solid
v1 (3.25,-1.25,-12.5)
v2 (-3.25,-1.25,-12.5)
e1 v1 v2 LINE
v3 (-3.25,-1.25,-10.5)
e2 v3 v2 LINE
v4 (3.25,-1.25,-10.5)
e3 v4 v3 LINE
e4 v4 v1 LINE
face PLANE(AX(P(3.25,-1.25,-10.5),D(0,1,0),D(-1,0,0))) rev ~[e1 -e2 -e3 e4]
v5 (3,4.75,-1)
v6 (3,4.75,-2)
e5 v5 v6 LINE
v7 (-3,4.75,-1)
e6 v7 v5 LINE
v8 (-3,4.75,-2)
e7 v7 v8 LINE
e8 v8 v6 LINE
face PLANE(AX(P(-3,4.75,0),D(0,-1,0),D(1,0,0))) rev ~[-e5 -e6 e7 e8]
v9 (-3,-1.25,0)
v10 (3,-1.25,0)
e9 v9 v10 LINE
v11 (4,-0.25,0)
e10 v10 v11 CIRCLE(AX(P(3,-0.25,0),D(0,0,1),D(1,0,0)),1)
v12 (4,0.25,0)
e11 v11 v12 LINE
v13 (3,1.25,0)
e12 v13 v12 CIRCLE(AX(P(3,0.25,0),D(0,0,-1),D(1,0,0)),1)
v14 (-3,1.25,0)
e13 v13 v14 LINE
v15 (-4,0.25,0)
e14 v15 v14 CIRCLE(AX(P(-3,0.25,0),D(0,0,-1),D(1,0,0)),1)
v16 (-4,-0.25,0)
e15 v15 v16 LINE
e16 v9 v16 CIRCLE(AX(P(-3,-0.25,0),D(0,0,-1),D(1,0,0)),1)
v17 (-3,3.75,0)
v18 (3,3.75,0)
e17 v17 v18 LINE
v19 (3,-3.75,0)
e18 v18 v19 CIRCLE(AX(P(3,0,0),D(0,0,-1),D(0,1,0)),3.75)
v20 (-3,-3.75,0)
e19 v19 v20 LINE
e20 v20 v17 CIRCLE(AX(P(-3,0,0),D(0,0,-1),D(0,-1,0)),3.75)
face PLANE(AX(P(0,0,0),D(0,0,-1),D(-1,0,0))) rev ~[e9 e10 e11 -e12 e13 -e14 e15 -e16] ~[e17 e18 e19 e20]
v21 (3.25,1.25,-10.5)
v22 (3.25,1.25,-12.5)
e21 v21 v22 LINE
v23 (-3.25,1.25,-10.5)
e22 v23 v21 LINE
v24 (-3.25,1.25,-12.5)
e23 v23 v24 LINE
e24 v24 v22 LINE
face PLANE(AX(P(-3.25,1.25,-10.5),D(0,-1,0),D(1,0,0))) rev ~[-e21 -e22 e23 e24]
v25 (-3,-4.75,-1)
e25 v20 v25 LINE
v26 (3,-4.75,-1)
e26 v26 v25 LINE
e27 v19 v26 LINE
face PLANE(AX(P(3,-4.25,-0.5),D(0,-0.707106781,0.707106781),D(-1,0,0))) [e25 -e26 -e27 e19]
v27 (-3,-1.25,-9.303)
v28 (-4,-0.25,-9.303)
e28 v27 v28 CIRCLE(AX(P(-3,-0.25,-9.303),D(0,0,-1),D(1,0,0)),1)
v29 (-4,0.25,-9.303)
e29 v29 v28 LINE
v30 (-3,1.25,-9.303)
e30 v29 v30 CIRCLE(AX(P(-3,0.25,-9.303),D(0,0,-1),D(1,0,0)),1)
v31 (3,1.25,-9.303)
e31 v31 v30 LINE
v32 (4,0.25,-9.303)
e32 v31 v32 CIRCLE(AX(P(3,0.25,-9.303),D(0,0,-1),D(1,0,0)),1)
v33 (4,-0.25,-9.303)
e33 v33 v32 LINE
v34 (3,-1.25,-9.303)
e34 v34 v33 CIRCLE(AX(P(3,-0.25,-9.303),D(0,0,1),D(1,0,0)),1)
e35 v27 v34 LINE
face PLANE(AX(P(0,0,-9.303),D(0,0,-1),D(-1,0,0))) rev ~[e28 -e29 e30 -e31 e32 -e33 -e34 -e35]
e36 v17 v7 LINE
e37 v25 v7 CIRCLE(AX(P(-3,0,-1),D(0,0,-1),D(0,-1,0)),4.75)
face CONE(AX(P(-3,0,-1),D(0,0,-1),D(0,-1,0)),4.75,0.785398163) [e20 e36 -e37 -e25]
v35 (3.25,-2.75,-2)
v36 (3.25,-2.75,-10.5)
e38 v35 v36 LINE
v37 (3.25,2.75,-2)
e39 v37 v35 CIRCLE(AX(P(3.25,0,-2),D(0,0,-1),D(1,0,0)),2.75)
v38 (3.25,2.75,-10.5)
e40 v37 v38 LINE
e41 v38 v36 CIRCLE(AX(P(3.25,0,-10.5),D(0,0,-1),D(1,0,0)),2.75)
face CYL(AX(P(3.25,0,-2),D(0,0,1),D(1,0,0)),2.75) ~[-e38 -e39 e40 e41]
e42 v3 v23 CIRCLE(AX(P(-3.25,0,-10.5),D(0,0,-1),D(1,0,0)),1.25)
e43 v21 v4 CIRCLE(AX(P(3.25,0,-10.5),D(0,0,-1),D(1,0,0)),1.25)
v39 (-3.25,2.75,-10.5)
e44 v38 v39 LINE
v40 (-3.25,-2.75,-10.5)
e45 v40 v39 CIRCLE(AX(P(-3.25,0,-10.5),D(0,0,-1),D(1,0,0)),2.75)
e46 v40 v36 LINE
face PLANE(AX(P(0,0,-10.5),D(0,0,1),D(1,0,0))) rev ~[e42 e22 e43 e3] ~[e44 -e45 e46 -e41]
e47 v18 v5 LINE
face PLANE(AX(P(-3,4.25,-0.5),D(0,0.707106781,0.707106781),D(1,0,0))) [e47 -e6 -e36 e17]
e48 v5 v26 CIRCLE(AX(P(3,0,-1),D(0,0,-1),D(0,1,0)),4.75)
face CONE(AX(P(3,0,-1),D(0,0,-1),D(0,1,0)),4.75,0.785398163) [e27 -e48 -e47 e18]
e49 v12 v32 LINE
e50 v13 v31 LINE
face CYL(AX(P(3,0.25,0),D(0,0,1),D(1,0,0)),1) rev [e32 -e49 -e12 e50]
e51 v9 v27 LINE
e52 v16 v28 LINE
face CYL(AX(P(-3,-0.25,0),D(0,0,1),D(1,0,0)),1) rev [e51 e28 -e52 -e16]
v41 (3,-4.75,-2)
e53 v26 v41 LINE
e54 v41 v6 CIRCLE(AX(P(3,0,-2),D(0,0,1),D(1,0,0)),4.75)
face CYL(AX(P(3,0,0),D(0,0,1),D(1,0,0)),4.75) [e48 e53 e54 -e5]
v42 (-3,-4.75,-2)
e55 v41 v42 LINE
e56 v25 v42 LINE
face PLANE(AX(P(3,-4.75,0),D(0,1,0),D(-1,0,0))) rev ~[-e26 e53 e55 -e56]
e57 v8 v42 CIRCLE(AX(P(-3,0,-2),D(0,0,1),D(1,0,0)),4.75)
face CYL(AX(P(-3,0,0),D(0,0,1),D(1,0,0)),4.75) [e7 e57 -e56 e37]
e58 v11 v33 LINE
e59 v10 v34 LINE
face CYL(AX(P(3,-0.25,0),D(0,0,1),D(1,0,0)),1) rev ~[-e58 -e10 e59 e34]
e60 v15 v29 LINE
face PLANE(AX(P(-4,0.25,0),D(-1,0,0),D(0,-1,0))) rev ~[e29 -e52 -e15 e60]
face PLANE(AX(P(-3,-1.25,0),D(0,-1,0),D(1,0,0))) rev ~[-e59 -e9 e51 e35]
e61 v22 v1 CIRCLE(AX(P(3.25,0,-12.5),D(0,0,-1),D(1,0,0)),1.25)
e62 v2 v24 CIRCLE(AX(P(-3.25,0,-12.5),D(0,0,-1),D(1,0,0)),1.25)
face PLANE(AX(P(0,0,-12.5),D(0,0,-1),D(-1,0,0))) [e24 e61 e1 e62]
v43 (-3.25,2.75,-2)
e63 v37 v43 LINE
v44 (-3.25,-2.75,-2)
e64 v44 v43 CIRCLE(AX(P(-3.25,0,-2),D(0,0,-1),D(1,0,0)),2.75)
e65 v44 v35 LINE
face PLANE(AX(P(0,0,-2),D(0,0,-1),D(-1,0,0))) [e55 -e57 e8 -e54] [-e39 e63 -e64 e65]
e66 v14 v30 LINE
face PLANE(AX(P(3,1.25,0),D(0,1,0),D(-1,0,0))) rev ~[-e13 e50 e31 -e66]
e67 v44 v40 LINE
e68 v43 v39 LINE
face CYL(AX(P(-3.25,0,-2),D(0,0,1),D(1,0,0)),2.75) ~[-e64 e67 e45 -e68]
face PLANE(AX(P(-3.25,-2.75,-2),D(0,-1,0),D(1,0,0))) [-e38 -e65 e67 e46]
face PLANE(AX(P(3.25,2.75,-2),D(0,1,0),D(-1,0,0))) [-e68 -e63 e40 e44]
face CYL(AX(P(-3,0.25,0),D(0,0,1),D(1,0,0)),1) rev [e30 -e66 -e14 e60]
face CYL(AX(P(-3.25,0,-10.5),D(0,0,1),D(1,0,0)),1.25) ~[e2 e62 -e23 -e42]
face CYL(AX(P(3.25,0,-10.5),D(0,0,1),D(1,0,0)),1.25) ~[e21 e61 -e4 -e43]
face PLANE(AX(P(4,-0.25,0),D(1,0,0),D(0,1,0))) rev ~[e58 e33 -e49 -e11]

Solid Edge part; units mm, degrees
sketch "Sketch1" plane through (0, 0, 0) normal (0, 0, 1) x (1, 0, 0)
  line L0 (3, -4.75) -> (-3, -4.75)
  arc A0 (-3, 4.75) -> (-3, -4.75) centre (-3, 0) ccw
  line L1 (-3, 4.75) -> (3, 4.75)
  arc A1 (3, -4.75) -> (3, 4.75) centre (3, 0) ccw
extrude "Protrusion1" add sketch "Sketch1" against normal blind 2
sketch "Sketch2" plane through (0, 0, -2) normal (0, 0, -1) x (1, 0, 0)
  line L0 (-3.25, 2.75) -> (3.25, 2.75)
  arc A0 (3.25, -2.75) -> (3.25, 2.75) centre (3.25, 0) ccw
  line L1 (3.25, -2.75) -> (-3.25, -2.75)
  arc A1 (-3.25, 2.75) -> (-3.25, -2.75) centre (-3.25, 0) ccw
extrude "ExtrudedProtrusion_2" add sketch "Sketch2" along normal blind 8.5
sketch "Sketch3" plane through (0, 0, -10.5) normal (0, 0, -1) x (1, 0, 0)
  line L0 (-3.25, -1.25) -> (3.25, -1.25)
  arc A0 (3.25, -1.25) -> (3.25, 1.25) centre (3.25, 0) ccw
  line L1 (3.25, 1.25) -> (-3.25, 1.25)
  arc A1 (-3.25, 1.25) -> (-3.25, -1.25) centre (-3.25, 0) ccw
extrude "ExtrudedProtrusion_3" add sketch "Sketch3" along normal blind 2
sketch "Sketch4" plane through (0, 0, 0) normal (0, 0, 1) x (1, 0, 0)
  arc A0 (-3, -1.25) -> (-4, -0.25) centre (-3, -0.25) cw
  line L0 (-4, 0.25) -> (-4, -0.25)
  arc A1 (-4, 0.25) -> (-3, 1.25) centre (-3, 0.25) cw
  line L1 (3, 1.25) -> (-3, 1.25)
  arc A2 (3, 1.25) -> (4, 0.25) centre (3, 0.25) cw
  line L2 (4, -0.25) -> (4, 0.25)
  arc A3 (3, -1.25) -> (4, -0.25) centre (3, -0.25) ccw
  line L3 (-3, -1.25) -> (3, -1.25)
extrude "ExtrudedCutout_1" cut sketch "Sketch4" against normal blind 9.303
chamfer "Chamfer_1" distance 1 angle 45 4 edges at (0, 4.75, 0) (7.75, 0, 0) (0, -4.75, 0) (-7.75, 0, 0)
